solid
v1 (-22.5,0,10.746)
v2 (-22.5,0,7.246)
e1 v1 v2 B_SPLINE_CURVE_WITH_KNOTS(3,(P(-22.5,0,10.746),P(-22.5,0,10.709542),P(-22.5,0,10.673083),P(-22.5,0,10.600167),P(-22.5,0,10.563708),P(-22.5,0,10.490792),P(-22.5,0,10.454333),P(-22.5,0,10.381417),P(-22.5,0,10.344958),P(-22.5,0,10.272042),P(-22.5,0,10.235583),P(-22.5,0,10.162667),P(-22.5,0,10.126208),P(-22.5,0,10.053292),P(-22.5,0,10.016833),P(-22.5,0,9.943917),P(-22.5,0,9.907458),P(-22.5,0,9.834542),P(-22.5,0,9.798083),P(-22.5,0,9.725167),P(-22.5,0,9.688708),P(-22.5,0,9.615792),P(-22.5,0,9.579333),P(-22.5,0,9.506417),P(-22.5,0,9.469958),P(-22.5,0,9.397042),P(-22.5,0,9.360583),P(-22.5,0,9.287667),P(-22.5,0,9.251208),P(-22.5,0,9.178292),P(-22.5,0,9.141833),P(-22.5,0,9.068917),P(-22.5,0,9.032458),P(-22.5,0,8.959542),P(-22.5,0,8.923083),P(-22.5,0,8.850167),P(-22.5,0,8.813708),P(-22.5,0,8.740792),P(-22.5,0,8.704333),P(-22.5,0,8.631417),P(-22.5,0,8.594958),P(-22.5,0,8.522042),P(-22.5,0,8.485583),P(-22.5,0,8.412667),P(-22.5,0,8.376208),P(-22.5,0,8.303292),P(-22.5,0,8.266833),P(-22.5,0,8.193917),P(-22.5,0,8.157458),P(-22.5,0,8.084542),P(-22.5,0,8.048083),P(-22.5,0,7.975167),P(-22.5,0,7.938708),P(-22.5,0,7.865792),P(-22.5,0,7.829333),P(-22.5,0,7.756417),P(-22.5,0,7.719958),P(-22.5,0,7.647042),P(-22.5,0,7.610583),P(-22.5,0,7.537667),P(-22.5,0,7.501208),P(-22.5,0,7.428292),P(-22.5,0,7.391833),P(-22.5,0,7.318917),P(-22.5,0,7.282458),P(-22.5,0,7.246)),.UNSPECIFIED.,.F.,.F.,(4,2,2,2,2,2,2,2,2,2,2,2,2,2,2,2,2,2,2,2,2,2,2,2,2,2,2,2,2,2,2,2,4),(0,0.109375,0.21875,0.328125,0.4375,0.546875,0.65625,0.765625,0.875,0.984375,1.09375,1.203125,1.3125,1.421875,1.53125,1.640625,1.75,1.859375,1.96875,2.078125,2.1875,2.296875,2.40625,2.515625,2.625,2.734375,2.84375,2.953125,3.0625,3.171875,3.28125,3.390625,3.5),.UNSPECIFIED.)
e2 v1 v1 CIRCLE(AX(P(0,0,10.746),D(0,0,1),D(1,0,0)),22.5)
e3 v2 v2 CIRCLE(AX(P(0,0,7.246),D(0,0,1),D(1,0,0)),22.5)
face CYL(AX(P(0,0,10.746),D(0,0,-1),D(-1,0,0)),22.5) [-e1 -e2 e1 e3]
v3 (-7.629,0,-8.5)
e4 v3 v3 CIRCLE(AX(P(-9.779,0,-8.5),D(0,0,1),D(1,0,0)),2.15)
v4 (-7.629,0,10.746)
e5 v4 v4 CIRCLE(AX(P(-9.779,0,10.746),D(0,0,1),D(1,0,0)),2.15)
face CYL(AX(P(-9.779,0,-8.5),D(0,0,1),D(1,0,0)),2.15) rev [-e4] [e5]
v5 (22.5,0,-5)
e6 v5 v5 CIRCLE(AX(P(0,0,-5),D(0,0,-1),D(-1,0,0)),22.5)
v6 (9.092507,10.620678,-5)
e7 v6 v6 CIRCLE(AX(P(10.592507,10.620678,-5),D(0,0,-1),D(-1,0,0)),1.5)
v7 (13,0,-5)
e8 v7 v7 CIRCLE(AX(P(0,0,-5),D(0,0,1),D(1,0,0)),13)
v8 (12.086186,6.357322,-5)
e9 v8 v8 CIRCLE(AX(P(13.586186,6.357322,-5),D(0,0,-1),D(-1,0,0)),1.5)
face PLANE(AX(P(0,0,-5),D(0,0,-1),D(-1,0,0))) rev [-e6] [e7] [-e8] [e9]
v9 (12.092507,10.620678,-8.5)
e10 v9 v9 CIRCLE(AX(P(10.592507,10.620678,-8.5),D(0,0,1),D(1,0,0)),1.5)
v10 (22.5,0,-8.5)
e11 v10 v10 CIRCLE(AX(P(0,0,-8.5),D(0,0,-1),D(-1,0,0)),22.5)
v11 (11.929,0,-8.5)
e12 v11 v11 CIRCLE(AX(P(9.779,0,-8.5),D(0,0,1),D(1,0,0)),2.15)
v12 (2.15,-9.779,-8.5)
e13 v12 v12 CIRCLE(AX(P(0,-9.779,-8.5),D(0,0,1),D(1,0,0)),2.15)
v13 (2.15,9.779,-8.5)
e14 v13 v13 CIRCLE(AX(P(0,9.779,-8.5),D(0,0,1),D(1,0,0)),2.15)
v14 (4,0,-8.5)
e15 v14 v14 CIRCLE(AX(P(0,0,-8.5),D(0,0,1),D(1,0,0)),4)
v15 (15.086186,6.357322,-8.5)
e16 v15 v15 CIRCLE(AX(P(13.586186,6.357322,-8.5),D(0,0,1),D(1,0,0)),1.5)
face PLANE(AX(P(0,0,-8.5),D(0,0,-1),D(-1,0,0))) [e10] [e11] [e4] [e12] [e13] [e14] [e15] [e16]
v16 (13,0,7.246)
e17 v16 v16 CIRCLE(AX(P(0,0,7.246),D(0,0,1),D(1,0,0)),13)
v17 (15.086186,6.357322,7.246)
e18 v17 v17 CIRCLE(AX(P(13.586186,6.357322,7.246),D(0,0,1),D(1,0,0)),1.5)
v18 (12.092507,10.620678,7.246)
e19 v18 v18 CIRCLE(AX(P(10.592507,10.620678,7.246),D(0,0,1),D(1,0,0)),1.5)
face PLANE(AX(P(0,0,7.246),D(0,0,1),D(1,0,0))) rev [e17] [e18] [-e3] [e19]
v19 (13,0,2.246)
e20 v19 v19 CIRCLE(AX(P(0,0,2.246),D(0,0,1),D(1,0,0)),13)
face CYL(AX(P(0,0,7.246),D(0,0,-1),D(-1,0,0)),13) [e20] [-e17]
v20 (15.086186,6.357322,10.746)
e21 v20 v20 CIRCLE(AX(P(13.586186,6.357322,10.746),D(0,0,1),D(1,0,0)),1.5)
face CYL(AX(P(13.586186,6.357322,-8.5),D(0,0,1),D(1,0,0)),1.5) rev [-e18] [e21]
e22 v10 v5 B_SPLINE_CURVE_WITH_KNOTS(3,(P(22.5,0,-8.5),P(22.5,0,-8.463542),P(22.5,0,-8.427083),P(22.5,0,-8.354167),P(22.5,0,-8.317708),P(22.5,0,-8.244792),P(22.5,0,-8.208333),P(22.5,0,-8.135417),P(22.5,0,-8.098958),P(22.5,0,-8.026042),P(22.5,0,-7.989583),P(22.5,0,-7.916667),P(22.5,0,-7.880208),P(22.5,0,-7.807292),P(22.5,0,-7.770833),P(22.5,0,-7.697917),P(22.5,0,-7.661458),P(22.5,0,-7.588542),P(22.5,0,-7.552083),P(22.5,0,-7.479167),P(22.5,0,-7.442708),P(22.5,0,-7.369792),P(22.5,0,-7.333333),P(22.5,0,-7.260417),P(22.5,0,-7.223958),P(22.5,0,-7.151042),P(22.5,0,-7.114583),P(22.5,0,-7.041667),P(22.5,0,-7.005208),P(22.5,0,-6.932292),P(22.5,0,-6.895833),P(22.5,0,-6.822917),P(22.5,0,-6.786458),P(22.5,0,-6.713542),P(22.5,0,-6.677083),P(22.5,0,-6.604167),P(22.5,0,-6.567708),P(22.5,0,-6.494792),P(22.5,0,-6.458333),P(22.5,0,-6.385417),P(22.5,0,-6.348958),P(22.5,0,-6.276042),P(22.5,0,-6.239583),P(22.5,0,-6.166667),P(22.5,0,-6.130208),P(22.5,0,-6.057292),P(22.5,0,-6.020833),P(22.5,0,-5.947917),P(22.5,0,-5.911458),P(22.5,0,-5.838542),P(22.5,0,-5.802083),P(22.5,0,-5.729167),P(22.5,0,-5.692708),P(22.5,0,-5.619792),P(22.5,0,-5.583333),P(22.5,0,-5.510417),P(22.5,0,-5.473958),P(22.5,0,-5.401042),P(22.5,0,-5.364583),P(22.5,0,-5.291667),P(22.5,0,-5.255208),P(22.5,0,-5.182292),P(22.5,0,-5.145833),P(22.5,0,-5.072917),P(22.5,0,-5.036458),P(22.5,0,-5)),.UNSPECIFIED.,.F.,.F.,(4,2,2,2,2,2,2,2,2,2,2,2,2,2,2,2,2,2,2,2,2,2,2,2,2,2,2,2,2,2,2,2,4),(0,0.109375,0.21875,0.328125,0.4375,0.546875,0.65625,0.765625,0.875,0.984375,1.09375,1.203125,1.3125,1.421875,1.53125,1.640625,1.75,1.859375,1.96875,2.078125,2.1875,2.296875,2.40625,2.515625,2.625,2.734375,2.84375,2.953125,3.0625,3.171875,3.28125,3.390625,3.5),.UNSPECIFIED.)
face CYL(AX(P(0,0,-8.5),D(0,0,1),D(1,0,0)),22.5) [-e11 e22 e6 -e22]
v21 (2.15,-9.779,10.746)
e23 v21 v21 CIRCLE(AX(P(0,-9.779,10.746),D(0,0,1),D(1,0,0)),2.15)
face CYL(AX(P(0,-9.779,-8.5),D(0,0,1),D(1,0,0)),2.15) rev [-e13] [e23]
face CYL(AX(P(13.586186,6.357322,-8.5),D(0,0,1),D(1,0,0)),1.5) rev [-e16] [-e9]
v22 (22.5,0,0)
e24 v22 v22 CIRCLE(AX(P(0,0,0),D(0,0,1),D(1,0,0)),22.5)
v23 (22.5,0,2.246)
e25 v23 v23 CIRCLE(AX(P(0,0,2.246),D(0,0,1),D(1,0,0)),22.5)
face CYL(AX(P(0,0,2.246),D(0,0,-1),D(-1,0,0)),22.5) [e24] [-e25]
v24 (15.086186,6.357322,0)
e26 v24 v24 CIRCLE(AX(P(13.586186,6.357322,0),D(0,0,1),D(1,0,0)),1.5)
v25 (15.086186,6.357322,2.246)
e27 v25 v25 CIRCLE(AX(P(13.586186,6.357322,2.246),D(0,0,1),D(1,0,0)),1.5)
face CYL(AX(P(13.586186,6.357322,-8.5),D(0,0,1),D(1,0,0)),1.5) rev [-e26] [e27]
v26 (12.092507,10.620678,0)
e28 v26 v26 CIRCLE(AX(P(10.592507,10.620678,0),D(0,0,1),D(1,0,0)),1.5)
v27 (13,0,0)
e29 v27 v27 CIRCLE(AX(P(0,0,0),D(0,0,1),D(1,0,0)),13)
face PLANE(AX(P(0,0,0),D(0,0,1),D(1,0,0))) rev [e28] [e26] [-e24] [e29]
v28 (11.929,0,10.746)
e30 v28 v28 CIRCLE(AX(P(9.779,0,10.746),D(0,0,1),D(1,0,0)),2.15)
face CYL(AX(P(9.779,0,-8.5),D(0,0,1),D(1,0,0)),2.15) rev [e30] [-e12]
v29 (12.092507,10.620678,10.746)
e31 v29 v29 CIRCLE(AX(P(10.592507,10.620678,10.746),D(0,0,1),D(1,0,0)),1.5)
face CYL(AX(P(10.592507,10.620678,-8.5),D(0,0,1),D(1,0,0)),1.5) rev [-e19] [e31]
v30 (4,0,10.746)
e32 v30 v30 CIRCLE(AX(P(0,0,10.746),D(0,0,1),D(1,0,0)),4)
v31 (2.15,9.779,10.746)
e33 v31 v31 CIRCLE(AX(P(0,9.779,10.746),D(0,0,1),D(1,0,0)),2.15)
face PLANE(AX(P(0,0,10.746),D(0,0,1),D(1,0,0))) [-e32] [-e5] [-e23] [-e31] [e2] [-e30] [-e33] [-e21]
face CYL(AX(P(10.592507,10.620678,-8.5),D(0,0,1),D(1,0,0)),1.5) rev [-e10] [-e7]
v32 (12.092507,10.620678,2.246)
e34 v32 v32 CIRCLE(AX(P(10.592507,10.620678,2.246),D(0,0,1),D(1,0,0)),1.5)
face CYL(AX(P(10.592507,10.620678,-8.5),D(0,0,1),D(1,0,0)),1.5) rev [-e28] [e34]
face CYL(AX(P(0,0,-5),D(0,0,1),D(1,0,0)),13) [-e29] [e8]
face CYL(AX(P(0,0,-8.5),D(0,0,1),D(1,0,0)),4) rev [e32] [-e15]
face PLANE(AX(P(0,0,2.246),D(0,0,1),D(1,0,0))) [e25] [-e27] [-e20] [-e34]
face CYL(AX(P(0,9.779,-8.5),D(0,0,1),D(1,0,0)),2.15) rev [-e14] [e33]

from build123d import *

# Parameters (mm, degrees)
SKETCH1_R           = 22.5
BOSS_EXTRUDE1_DEPTH = 2.24600008
SKETCH2_R           = 13
BOSS_EXTRUDE2_DEPTH = 5
BOSS_EXTRUDE4_START = 3.5
SKETCH5_R           = 22.5
BOSS_EXTRUDE4_DEPTH = 3.5
BOSS_EXTRUDE5_START = 5
SKETCH8_R           = 13
BOSS_EXTRUDE5_DEPTH = 5
SKETCH12_R          = 22.5
BOSS_EXTRUDE6_DEPTH = 3.5
SKETCH6_R           = 4
SKETCH6_R_2         = 2.15
SKETCH6_R_3         = 1.5
CUT_EXTRUDE1_DEPTH  = 38.187477988


with BuildPart() as part:
    # Sketch1 → Boss-Extrude1 (new body)
    with BuildSketch(Plane.XY):
        Circle(SKETCH1_R)
    extrude(amount=BOSS_EXTRUDE1_DEPTH)

    # Sketch2 → Boss-Extrude2 (add)
    with BuildSketch(Plane.XY):
        Circle(SKETCH2_R)
    extrude(amount=-BOSS_EXTRUDE2_DEPTH)

    # Sketch5 → Boss-Extrude4 (add)
    with BuildSketch(Plane(origin=(0, 0, -5), x_dir=(-1, 0, 0), z_dir=(0, 0, -1)).offset(BOSS_EXTRUDE4_START)):
        with Locations(Location((0, 0, 0), (0, 0, 180))):
            Circle(SKETCH5_R)
    extrude(amount=-BOSS_EXTRUDE4_DEPTH)

    # Sketch8 → Boss-Extrude5 (add)
    with BuildSketch(Plane.XY.offset(2.24600008).offset(BOSS_EXTRUDE5_START)):
        Circle(SKETCH8_R)
    extrude(amount=-BOSS_EXTRUDE5_DEPTH)

    # Sketch12 → Boss-Extrude6 (add)
    with BuildSketch(Plane.XY.offset(7.24600008)):
        Circle(SKETCH12_R)
    extrude(amount=BOSS_EXTRUDE6_DEPTH)

    # Sketch6 → Cut-Extrude1 (cut, through all)
    with BuildSketch(Plane.XY.offset(10.74600008)):
        Circle(SKETCH6_R)
        with Locations((0, 9.779)):
            Circle(SKETCH6_R_2)
        with Locations((9.779, 0)):
            Circle(SKETCH6_R_2)
        with Locations((0, -9.779)):
            Circle(SKETCH6_R_2)
        with Locations((-9.779, 0)):
            Circle(SKETCH6_R_2)
        with Locations((10.592506585, 10.620678145)):
            Circle(SKETCH6_R_3)
        with Locations((13.586186135, 6.35732226)):
            Circle(SKETCH6_R_3)
    extrude(amount=-CUT_EXTRUDE1_DEPTH, mode=Mode.SUBTRACT)


solid = part.part
